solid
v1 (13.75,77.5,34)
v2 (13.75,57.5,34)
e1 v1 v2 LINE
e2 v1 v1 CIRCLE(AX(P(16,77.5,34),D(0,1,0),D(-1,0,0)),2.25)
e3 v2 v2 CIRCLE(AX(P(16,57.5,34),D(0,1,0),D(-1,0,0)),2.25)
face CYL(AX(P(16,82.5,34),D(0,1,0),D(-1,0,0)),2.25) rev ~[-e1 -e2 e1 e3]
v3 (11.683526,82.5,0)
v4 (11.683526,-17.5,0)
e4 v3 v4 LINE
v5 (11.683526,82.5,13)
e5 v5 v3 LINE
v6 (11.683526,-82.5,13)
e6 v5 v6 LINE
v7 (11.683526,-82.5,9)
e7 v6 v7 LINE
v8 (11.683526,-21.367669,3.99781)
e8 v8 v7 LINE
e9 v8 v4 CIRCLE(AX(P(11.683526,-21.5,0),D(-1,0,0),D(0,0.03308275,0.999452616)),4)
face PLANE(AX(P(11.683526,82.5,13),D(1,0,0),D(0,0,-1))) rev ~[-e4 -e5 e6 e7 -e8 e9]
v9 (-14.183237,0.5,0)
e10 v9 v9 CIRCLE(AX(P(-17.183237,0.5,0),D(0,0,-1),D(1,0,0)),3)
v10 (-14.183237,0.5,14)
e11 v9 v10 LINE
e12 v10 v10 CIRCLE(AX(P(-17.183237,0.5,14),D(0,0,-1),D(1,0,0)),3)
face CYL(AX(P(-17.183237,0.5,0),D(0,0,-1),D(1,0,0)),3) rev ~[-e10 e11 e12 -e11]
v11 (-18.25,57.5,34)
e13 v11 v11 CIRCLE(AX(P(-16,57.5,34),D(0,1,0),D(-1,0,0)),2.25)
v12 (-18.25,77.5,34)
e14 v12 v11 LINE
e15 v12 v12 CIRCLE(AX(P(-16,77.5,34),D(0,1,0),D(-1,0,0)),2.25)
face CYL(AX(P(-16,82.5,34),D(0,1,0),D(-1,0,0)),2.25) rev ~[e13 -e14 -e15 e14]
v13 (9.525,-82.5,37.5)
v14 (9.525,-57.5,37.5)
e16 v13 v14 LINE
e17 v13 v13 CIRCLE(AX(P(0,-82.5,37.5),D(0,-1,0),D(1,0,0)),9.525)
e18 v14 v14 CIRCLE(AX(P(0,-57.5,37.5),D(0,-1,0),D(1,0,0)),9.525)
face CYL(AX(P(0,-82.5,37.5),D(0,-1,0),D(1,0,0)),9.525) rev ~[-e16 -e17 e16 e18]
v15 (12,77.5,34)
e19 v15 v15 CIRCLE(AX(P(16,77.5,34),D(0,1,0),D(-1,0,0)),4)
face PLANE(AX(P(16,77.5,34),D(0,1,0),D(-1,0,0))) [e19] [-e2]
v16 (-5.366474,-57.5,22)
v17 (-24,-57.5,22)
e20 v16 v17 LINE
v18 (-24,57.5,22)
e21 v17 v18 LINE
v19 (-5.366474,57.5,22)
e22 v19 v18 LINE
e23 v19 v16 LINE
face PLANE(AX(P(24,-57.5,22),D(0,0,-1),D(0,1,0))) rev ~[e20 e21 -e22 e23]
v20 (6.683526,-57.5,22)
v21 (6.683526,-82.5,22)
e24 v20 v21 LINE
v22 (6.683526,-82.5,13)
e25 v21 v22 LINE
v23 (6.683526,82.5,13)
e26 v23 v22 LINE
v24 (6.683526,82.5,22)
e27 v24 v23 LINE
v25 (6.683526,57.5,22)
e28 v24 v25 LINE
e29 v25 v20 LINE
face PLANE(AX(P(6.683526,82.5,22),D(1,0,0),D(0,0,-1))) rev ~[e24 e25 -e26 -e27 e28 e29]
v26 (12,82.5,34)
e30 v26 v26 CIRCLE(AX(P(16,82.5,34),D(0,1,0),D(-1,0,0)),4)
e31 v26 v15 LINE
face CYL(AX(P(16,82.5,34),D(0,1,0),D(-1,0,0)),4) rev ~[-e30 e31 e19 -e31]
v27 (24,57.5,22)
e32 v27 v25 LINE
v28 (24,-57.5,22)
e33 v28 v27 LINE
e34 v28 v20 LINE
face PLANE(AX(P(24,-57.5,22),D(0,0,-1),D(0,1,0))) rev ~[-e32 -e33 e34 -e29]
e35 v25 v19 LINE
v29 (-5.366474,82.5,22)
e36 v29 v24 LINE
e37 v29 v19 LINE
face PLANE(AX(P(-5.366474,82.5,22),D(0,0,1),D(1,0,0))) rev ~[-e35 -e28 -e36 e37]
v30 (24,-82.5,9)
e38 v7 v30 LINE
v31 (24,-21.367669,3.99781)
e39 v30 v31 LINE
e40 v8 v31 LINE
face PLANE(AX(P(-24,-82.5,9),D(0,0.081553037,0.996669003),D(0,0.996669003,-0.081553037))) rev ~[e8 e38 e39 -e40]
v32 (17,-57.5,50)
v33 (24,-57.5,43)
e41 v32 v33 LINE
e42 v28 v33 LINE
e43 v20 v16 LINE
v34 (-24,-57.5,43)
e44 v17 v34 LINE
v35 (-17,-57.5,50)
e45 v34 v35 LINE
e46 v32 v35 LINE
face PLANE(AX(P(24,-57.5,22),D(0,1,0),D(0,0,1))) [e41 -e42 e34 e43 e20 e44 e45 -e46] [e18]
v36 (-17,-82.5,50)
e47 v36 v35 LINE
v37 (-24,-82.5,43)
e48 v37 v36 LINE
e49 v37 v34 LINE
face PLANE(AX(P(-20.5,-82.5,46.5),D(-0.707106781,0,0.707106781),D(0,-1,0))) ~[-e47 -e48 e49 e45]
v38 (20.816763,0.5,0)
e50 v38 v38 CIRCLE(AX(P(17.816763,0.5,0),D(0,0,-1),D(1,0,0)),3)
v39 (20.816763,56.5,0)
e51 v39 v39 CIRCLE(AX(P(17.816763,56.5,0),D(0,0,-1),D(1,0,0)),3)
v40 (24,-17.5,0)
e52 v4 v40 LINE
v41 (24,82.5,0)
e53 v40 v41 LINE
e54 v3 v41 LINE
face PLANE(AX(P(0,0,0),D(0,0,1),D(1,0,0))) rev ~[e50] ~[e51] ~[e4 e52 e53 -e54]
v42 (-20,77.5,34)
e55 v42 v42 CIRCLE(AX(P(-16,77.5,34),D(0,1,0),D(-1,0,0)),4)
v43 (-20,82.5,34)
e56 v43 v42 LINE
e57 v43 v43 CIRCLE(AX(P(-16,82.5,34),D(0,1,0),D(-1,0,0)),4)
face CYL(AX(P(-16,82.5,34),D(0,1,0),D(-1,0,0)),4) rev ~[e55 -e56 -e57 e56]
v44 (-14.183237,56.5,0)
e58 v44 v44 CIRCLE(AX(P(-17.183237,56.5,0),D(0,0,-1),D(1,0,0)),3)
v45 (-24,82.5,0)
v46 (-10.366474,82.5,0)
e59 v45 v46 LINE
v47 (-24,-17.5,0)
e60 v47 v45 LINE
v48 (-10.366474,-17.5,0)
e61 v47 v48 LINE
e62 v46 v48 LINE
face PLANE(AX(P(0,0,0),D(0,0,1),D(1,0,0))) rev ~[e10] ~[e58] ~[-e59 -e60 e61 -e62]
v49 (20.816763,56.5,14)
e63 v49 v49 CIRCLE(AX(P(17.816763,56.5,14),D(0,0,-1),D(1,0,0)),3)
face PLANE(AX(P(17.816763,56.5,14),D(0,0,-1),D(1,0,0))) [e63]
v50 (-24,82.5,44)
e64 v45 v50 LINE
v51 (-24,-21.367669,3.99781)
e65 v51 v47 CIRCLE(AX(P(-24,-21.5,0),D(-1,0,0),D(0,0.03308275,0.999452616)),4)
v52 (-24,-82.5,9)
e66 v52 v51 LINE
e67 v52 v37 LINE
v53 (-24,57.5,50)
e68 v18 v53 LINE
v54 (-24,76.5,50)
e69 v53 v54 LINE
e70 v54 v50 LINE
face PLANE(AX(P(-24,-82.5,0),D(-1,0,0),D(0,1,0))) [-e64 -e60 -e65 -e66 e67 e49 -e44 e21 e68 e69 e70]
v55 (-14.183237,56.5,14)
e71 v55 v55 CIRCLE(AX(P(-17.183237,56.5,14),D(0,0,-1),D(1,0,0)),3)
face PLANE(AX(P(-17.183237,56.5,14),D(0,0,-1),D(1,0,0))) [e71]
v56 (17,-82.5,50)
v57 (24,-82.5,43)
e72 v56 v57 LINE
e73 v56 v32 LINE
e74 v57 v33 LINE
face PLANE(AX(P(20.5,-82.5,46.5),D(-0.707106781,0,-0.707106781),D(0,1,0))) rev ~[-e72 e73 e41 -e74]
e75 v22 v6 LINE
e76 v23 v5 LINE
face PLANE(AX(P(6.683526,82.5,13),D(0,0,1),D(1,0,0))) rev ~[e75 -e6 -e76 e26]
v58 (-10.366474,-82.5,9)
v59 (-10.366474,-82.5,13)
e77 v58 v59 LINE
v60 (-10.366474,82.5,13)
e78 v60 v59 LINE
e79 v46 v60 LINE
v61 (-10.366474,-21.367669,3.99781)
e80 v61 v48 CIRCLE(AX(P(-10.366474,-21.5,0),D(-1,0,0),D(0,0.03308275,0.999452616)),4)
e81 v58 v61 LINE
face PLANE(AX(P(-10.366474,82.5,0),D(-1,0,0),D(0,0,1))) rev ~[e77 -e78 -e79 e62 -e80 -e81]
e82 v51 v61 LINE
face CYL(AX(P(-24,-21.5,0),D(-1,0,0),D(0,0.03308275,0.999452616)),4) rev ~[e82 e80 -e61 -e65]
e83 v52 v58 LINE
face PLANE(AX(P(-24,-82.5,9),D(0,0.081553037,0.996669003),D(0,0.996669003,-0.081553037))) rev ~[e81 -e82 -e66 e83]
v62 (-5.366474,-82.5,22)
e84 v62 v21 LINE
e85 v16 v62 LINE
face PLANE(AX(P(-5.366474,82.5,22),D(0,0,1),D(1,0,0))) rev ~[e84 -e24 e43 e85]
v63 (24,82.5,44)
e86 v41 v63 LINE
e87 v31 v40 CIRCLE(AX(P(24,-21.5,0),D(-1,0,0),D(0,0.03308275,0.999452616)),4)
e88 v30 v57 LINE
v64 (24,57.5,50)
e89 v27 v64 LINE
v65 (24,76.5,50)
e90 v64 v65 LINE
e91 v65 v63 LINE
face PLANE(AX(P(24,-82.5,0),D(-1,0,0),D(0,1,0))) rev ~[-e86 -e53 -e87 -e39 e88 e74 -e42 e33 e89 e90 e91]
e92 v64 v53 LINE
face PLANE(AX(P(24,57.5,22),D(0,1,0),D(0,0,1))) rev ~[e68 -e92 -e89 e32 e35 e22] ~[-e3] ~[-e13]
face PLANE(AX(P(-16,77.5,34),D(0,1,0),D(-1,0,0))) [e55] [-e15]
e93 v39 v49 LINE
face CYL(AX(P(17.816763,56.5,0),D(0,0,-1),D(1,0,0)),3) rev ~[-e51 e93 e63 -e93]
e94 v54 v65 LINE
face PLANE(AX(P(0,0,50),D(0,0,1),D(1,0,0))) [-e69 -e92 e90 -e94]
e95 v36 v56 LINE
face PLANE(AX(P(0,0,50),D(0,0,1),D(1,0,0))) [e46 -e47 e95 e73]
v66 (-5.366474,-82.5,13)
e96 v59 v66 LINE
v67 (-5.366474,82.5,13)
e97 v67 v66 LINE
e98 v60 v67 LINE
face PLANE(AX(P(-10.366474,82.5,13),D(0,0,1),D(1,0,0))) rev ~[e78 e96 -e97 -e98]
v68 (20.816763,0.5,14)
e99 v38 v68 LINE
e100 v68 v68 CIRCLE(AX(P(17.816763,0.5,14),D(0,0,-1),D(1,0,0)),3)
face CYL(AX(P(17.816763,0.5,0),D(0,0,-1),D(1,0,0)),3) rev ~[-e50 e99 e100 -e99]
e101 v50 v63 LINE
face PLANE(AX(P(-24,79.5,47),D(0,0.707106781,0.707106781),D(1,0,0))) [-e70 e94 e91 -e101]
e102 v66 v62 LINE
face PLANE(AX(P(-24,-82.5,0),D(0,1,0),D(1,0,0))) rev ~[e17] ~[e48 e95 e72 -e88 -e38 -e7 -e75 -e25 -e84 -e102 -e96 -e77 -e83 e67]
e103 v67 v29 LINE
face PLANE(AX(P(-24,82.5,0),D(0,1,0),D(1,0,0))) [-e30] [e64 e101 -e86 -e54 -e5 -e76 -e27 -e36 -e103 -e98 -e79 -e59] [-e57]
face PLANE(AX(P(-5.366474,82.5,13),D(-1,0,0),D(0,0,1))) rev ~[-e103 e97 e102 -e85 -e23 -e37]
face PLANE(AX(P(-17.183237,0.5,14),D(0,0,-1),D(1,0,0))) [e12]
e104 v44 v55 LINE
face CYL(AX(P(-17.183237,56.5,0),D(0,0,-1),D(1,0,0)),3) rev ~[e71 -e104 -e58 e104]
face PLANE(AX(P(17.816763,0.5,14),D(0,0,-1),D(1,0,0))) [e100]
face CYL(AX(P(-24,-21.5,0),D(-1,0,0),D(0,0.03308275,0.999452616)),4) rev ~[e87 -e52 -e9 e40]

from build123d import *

# Parameters (mm, degrees)
F0_W      = 48
F0_H      = 165
F1_DEPTH  = 50
F2_W      = 115
F2_H      = 28
F3_DEPTH  = 48
F4_R      = 9.525
F5_DEPTH  = 25
F6_SIZE   = 7
F7_SIZE   = 6
F9_DEPTH  = 165
F10_R     = 2.25
F11_DEPTH = 25
F10_R_2   = 4
F12_DEPTH = 5
F14_DEPTH = 48
F15_R     = 3
F16_DEPTH = 14


with BuildPart() as f1:
    # F0 (on Top) → F1 (new body)
    with BuildSketch(Plane.XY):
        Rectangle(F0_W, F0_H)
    extrude(amount=F1_DEPTH)

    # F2 (on face) → F3 (cut)
    with BuildSketch(Plane.YZ.offset(24)):
        with Locations((0, 36)):
            Rectangle(F2_W, F2_H)
    extrude(amount=-F3_DEPTH, mode=Mode.SUBTRACT)

    # F4 (on face) → F5 (cut)
    with BuildSketch(Plane.XZ.offset(82.5)):
        with Locations((0, 37.5)):
            Circle(F4_R)
    extrude(amount=-F5_DEPTH, mode=Mode.SUBTRACT)

    # F6
    f6_edges = [f1.edges().sort_by_distance(p)[0] for p in [
        (-24, -70, 50),
        (24, -70, 50),
    ]]
    chamfer(f6_edges, length=F6_SIZE)

    # F7
    f7_edges = [f1.edges().sort_by_distance(p)[0] for p in [
        (0, 82.5, 50),
    ]]
    chamfer(f7_edges, length=F7_SIZE)

    # F8 (on face) → F9 (cut)
    with BuildSketch(Plane(origin=(0, 82.5, 0), x_dir=(-1, 0, 0), z_dir=(0, 1, 0))):
        Polygon((-11.6835255176, 0), (0, 0), (10.3664744824, 0), (10.3664744824, 13), (5.3664744824, 13), (5.3664744824, 22), (-6.6835255176, 22), (-6.6835255176, 13), (-11.6835255176, 13), align=None)
    extrude(amount=-F9_DEPTH, mode=Mode.SUBTRACT)

    # F10 (on face) → F11 (cut)
    with BuildSketch(Plane(origin=(0, 82.5, 0), x_dir=(-1, 0, 0), z_dir=(0, 1, 0))):
        with Locations((16, 34)):
            Circle(F10_R)
        with Locations((-16, 34)):
            Circle(F10_R)
    extrude(amount=-F11_DEPTH, mode=Mode.SUBTRACT)

    # F10 (on face) → F12 (cut)
    with BuildSketch(Plane(origin=(0, 82.5, 0), x_dir=(-1, 0, 0), z_dir=(0, 1, 0))):
        with Locations((-16, 34)):
            Circle(F10_R_2)
        with Locations((-16, 34)):
            Circle(F10_R, mode=Mode.SUBTRACT)
        with Locations((16, 34)):
            Circle(F10_R_2)
        with Locations((16, 34)):
            Circle(F10_R, mode=Mode.SUBTRACT)
    extrude(amount=-F12_DEPTH, mode=Mode.SUBTRACT)

    # F13 (on face) → F14 (cut)
    with BuildSketch(Plane(origin=(-24, 0, 0), x_dir=(0, -1, 0), z_dir=(-1, 0, 0))):
        with BuildLine():
            Line((82.5, 9), (21.3676690006, 3.9978104641))
            ThreePointArc((21.3676690006, 3.9978104641), (18.6251674833, 2.781247562), (17.5, 0))
            Line((17.5, 0), (82.5, 0))
            Line((82.5, 0), (82.5, 9))
        make_face()
    extrude(amount=-F14_DEPTH, mode=Mode.SUBTRACT)

    # F15 (on face) → F16 (cut)
    with BuildSketch(Plane(origin=(0, 0, 0), x_dir=(1, 0, 0), z_dir=(0, 0, -1))):
        with Locations((-17.1832372412, -0.5)):
            Circle(F15_R)
        with Locations((-17.1832372412, -56.5)):
            Circle(F15_R)
        with Locations((17.8167627588, -56.5)):
            Circle(F15_R)
        with Locations((17.8167627588, -0.5)):
            Circle(F15_R)
    extrude(amount=-F16_DEPTH, mode=Mode.SUBTRACT)


solid = f1.part
